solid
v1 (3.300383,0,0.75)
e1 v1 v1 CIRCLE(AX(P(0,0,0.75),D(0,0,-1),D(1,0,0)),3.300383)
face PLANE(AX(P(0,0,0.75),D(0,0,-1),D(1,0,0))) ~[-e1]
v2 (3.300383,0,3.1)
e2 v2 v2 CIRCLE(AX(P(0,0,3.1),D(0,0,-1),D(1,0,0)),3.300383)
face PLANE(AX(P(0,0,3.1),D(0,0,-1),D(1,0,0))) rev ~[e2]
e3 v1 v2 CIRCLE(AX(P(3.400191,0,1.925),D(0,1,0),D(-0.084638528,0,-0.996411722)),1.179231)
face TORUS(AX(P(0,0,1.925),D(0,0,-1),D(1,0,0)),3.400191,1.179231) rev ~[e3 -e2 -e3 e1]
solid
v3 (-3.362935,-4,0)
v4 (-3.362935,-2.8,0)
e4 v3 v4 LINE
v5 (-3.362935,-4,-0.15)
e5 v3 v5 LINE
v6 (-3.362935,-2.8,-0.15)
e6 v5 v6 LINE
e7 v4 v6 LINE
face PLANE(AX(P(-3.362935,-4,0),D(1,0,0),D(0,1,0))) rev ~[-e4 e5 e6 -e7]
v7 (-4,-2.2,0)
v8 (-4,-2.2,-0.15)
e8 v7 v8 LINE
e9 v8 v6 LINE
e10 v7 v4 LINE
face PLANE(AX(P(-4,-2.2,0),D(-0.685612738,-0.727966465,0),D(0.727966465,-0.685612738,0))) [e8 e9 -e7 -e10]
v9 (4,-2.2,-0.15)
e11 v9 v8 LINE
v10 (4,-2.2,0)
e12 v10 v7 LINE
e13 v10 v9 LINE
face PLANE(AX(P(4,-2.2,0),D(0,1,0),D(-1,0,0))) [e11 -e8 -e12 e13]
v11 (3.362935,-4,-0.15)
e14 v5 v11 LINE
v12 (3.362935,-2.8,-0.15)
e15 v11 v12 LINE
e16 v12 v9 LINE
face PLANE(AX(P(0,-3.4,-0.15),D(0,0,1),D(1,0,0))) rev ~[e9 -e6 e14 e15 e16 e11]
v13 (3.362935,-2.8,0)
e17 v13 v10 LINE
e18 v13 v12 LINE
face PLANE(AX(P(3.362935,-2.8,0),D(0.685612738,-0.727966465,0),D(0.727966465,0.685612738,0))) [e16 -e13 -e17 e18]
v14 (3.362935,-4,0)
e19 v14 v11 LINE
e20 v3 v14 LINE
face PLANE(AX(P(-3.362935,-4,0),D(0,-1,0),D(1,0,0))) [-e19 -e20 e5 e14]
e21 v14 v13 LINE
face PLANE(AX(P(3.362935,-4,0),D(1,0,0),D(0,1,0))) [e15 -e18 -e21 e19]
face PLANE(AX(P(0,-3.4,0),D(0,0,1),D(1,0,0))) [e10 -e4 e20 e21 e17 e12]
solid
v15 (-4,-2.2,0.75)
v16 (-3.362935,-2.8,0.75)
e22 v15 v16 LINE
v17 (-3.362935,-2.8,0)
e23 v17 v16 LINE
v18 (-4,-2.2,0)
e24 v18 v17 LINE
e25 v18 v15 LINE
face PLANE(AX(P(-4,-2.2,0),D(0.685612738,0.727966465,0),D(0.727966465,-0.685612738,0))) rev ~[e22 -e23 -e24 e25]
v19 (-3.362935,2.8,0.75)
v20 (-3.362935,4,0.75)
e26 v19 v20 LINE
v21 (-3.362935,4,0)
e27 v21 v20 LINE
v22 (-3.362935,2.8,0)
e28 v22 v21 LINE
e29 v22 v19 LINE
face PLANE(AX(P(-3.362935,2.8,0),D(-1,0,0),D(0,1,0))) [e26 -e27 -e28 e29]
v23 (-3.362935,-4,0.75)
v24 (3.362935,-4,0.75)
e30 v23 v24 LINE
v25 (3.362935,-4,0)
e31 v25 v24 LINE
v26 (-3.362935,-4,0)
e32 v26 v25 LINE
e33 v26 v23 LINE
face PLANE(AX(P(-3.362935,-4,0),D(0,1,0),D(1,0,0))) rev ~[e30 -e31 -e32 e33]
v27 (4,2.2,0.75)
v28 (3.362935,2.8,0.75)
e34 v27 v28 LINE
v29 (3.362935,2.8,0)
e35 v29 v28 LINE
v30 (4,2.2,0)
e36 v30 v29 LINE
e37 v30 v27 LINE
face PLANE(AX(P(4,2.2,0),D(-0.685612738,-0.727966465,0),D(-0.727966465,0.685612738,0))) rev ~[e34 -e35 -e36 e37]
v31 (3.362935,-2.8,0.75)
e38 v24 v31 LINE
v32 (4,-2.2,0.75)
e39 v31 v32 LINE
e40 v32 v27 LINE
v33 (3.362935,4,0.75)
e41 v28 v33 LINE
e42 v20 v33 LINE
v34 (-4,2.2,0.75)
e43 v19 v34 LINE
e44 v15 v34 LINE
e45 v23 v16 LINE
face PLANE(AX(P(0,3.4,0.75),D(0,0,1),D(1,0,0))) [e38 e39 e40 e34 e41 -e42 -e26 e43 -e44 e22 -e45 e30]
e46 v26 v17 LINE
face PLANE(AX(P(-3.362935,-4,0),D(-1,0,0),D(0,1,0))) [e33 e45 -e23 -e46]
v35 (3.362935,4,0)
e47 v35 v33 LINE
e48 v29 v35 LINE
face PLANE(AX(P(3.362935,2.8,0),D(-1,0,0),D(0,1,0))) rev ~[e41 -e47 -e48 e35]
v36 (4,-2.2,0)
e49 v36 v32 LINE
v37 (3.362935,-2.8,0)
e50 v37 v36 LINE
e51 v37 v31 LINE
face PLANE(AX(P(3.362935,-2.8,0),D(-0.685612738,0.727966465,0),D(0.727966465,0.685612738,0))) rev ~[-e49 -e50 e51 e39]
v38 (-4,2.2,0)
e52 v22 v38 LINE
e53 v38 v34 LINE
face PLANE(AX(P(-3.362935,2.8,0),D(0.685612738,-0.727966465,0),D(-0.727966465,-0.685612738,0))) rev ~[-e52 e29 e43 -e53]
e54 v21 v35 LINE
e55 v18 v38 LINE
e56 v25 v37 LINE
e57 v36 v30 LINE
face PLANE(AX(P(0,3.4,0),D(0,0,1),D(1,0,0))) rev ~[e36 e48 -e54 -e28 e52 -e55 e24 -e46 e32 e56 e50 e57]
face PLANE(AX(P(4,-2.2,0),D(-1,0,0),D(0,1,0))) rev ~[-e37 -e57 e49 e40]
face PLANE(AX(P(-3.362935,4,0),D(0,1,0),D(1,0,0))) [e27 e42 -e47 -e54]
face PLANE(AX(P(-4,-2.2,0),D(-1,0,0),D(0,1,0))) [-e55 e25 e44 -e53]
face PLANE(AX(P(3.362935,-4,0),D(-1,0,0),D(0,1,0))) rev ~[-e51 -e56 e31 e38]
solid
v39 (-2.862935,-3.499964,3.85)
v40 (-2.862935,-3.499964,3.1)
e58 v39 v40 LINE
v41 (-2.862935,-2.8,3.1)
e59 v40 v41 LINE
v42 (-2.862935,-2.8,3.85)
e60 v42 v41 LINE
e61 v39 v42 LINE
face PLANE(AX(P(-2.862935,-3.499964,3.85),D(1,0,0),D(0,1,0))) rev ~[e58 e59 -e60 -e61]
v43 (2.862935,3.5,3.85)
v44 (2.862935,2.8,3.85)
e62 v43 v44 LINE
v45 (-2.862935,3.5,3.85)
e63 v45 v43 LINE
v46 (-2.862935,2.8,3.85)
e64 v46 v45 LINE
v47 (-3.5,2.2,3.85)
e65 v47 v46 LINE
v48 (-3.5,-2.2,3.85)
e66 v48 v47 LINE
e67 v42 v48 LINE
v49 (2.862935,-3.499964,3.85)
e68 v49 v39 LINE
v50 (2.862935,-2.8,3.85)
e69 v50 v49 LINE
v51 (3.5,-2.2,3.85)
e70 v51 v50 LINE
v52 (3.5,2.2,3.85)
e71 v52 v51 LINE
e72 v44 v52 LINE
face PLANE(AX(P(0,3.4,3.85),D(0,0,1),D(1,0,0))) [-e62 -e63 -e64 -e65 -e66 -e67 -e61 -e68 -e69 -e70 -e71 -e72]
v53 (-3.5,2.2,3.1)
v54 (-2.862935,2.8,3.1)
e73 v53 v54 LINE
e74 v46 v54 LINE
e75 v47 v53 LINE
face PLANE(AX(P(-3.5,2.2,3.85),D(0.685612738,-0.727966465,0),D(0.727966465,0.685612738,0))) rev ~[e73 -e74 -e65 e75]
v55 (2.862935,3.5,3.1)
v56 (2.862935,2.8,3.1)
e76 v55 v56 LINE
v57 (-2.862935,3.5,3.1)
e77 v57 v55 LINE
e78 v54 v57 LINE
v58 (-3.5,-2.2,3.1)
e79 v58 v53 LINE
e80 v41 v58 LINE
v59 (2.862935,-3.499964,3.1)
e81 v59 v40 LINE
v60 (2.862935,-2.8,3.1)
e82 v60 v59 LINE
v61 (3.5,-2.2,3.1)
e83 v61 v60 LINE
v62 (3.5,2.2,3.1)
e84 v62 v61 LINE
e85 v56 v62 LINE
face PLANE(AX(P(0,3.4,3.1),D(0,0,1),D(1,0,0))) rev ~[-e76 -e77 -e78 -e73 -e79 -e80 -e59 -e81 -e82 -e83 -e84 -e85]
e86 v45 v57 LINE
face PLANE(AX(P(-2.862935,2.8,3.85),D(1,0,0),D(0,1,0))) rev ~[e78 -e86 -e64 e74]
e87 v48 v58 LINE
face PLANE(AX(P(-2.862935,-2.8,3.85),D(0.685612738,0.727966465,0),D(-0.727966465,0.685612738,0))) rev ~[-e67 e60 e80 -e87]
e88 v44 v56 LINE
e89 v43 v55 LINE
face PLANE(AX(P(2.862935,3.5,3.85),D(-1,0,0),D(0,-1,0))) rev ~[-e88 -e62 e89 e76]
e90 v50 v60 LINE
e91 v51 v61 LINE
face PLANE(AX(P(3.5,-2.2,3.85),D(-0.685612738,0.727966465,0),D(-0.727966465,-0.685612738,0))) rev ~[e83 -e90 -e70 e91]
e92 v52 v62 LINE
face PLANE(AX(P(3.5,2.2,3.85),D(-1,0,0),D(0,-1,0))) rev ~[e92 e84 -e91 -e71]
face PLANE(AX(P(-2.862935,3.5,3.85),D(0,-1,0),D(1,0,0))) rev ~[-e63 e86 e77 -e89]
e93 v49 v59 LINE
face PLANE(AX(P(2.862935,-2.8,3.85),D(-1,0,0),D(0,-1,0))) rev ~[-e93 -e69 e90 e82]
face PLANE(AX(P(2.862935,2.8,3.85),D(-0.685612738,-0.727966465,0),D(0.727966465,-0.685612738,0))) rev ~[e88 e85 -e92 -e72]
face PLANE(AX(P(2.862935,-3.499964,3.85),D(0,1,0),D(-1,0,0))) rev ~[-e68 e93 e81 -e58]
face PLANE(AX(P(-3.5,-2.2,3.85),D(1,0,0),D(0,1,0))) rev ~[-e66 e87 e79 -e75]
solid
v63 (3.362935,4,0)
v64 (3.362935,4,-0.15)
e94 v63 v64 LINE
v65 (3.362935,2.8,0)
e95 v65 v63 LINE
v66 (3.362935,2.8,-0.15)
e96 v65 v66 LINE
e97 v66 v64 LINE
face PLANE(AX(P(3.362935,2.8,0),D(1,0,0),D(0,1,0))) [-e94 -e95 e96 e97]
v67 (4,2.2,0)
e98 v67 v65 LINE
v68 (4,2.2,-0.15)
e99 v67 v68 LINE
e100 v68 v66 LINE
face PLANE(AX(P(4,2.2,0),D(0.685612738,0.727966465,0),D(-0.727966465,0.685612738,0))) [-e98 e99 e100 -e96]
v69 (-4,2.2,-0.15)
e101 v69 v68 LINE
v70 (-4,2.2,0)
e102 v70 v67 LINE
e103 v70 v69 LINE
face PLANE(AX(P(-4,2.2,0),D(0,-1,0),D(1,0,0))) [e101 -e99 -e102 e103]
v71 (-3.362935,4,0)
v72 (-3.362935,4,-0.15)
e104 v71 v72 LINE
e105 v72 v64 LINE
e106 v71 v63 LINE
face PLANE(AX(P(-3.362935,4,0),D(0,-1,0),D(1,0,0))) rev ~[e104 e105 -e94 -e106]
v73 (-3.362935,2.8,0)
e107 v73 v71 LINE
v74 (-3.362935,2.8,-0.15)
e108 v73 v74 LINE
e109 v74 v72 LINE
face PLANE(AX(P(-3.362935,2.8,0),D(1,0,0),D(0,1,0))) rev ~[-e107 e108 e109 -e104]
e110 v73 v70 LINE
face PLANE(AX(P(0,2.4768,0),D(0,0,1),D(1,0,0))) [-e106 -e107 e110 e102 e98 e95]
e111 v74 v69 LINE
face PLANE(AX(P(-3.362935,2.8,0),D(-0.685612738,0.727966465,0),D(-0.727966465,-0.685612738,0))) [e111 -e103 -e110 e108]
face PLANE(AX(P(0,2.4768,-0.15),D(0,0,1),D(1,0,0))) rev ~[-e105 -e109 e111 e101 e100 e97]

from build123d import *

# Parameters (mm, degrees)
F0_W     = 6.72587
F0_H     = 1.2
F0_W_2   = 8
F0_H_2   = 4.4
F1_DEPTH = 0.75
F6_DEPTH = 0.75
F7_DEPTH = 0.15


with BuildPart() as f1:
    # F0 (on Top) → F1 (new body)
    with BuildSketch(Plane.XY):
        with Locations((0, 3.4)):
            Rectangle(F0_W, F0_H)
        Polygon((3.362935, 2.8), (-3.362935, 2.8), (-4, 2.2), (4, 2.2), align=None)
        Rectangle(F0_W_2, F0_H_2)
        Polygon((4, -2.2), (-4, -2.2), (-3.362935, -2.8), (3.362935, -2.8), align=None)
        with Locations((0, -3.4)):
            Rectangle(F0_W, F0_H)
    extrude(amount=F1_DEPTH)


with BuildPart() as f2_1:
    # F2: copy of F1
    add(f1.part.moved(Location((0, 0, 3.1))))

    # F5 (on face) → F6 (cut)
    with BuildSketch(Plane.XY.offset(3.85)):
        Polygon((-2.862935, 4), (-3.362935, 4), (-3.362935, 2.8), (-4, 2.2), (-4, -2.2), (-3.362935, -2.8), (-3.362935, -4), (3.362935, -4), (3.362935, -2.8), (4, -2.2), (4, 2.2), (3.362935, 2.8), (3.362935, 4), align=None)
        Polygon((-2.862935, 2.8), (-2.862935, 3.5), (0, 3.5), (2.862935, 3.5), (2.862935, 2.8), (3.5, 2.2), (3.5, -2.2), (2.862935, -2.8), (2.862935, -3.499964), (0, -3.499964), (-2.862935, -3.499964), (-2.862935, -2.8), (-3.5, -2.2), (-3.5, 2.2), align=None, mode=Mode.SUBTRACT)
    extrude(amount=-F6_DEPTH, mode=Mode.SUBTRACT)


with BuildPart() as f4:
    # F3 (on Front) → F4 (revolve)
    with BuildSketch(Plane.XZ):
        with BuildLine():
            Line((0, 0.75), (3.300383, 0.75))
            ThreePointArc((3.300383, 0.75), (2.22096, 1.925), (3.300383, 3.1))
            Line((3.300383, 3.1), (0, 3.1))
            Line((0, 3.1), (0, 0.75))
        make_face()
    revolve(axis=Axis((0, 0, 1.925), (0, 0, -1)))


with BuildPart() as f7:
    # F0 (on Top) → F7 (new body)
    with BuildSketch(Plane.XY):
        with Locations((0, -3.4)):
            Rectangle(F0_W, F0_H)
        Polygon((4, -2.2), (-4, -2.2), (-3.362935, -2.8), (3.362935, -2.8), align=None)
        Polygon((3.362935, 2.8), (-3.362935, 2.8), (-4, 2.2), (4, 2.2), align=None)
        with Locations((0, 3.4)):
            Rectangle(F0_W, F0_H)
    extrude(amount=-F7_DEPTH)


solid = Compound([f1.part, f2_1.part, f4.part, f7.part])
